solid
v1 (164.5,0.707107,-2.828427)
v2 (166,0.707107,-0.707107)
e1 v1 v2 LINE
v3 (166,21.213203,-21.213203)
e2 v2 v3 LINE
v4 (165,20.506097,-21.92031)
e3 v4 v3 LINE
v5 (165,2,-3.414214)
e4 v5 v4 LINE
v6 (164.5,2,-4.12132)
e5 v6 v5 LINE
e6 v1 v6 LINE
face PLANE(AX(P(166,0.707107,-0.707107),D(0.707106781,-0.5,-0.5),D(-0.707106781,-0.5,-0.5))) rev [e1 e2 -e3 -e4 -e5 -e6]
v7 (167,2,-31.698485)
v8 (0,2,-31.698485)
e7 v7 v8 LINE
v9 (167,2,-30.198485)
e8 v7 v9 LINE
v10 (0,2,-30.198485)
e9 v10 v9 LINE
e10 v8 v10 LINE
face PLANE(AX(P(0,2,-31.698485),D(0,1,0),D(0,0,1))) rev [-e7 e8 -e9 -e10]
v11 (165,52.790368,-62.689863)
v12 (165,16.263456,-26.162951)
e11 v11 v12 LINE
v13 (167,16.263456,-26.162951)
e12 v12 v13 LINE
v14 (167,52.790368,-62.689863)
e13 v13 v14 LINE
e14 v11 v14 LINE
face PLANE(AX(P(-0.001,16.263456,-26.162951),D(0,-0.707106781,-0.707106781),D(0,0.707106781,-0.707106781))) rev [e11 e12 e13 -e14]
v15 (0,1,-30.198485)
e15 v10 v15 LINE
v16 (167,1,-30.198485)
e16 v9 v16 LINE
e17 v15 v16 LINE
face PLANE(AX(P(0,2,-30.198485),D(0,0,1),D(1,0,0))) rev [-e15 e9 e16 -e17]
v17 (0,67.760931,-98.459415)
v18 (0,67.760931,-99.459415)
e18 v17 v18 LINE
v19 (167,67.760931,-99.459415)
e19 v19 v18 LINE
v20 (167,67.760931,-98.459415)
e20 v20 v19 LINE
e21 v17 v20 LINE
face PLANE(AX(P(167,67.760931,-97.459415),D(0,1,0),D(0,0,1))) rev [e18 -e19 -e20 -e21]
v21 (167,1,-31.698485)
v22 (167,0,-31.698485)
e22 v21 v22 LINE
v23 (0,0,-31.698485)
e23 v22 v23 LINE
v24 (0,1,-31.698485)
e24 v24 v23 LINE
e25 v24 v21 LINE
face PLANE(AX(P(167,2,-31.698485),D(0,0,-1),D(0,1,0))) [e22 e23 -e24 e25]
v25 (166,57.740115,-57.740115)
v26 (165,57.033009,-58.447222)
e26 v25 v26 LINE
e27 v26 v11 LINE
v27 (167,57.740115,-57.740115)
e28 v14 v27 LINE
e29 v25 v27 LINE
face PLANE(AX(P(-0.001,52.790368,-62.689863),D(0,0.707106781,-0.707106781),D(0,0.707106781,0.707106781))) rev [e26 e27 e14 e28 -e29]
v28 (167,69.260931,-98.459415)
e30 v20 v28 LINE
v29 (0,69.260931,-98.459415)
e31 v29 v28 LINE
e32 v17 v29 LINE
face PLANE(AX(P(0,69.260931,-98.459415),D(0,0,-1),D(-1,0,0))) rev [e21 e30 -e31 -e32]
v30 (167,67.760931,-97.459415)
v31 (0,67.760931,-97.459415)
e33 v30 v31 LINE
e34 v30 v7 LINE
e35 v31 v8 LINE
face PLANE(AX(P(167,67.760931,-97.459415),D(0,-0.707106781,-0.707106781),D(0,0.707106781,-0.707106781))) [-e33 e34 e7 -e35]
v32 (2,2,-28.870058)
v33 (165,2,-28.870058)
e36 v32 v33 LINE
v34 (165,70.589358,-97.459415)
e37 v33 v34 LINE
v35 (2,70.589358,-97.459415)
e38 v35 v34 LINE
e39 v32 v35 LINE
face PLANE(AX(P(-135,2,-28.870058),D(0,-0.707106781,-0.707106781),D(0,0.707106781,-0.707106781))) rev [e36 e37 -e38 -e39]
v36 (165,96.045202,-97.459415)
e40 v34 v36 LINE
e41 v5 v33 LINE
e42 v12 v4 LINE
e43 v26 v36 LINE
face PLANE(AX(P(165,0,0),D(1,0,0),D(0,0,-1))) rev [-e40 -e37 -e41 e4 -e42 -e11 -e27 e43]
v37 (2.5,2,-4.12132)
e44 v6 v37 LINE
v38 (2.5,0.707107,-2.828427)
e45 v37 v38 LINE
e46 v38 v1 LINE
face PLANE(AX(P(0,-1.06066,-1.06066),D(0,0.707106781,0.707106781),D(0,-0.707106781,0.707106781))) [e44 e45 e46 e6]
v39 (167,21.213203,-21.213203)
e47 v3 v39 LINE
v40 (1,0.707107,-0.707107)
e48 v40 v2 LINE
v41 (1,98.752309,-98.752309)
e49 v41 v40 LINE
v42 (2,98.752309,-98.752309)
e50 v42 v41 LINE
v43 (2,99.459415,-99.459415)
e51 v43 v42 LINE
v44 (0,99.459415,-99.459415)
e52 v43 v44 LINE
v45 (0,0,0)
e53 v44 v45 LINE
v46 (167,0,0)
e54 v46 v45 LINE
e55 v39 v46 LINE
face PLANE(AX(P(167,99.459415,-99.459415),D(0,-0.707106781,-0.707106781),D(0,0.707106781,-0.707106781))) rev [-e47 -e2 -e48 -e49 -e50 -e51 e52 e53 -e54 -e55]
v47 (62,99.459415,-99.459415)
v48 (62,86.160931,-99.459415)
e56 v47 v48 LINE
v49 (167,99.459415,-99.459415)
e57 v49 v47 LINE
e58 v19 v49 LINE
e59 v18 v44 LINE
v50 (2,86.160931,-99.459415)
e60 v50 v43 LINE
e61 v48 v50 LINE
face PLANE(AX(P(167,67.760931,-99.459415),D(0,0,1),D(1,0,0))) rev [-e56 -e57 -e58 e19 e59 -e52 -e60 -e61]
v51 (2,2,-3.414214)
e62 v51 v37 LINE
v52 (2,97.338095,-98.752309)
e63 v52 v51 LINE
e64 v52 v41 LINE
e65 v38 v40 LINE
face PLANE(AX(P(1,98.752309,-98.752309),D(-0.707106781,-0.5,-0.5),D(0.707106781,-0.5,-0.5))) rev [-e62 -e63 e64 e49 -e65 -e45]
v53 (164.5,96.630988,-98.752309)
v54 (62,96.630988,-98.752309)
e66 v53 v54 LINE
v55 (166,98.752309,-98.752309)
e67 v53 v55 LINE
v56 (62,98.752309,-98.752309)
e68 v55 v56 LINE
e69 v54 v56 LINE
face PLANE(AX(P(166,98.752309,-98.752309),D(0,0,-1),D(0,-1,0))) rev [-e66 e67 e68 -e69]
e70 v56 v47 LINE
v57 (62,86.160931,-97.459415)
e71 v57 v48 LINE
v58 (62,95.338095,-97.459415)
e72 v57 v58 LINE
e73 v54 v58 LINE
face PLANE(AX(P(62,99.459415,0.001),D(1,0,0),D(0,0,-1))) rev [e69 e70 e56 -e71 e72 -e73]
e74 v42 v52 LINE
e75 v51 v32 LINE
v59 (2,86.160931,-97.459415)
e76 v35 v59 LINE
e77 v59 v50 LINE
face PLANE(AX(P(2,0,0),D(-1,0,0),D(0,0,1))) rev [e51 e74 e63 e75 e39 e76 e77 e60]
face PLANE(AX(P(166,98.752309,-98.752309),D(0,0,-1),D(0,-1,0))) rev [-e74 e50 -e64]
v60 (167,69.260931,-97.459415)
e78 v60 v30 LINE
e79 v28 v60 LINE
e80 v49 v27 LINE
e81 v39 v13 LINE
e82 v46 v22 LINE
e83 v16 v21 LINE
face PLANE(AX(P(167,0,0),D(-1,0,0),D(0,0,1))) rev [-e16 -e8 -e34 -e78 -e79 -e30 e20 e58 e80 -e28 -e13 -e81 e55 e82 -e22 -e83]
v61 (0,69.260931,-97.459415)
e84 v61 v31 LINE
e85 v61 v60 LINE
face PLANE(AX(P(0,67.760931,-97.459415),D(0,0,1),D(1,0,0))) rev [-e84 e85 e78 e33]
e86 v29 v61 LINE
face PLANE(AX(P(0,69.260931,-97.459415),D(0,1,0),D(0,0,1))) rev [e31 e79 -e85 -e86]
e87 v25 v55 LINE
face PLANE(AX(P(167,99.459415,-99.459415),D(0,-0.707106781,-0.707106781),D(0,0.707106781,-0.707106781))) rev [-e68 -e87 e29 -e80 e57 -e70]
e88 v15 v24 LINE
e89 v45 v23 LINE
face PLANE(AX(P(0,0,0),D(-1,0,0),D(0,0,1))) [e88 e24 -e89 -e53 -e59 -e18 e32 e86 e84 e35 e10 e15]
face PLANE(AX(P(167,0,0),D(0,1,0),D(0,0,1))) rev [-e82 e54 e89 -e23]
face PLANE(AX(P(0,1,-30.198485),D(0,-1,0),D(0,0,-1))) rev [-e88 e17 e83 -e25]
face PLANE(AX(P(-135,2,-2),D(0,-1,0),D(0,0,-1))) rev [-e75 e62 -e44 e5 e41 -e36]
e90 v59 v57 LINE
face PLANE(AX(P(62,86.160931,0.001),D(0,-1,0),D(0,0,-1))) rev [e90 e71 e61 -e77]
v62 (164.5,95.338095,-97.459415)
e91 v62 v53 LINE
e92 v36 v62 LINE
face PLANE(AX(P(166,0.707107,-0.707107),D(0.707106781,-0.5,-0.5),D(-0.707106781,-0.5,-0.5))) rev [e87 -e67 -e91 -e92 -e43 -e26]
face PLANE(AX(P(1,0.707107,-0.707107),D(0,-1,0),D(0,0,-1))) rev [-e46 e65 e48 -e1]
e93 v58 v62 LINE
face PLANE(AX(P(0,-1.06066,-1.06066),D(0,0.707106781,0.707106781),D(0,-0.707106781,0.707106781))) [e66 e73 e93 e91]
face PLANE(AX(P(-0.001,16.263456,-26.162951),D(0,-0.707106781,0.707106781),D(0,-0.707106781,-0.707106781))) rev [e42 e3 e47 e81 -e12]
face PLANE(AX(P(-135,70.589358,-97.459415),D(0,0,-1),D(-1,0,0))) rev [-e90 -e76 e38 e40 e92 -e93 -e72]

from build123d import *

# Parameters (mm, degrees)
BOSS_EXTRUDE2_DEPTH   = 167
CUT_EXTRUDE2_START    = -2
CUT_EXTRUDE2_DEPTH    = 163
SKETCH6_W             = 1
SKETCH6_H             = 1.5
SKETCH6_W_2           = 1.5
SKETCH6_H_2           = 1
BASE_SLOTS_DEPTH      = 219.342278653
SKETCH7_W             = 165
SKETCH7_H             = 138.656854249
COVER_SLOTS_DEPTH     = 1.5
COVER_SLOTS_DRAFT     = -45
USB_C_SLOTS_REACH     = 220.342
SCREEN_OVERHANG_REACH = 220.342
SKETCH9_W             = 60
SKETCH9_H             = 13.29848481


with BuildPart() as part:
    # Sketch1 → Boss-Extrude2 (new body)
    with BuildSketch(Plane(origin=(0, 0, 0), x_dir=(0, 0, -1), z_dir=(1, 0, 0))):
        Polygon((0, 0), (31.69848481, 0), (31.69848481, 2), (97.45941546, 67.76093065), (99.45941546, 67.76093065), (99.45941546, 99.45941546), align=None)
    extrude(amount=BOSS_EXTRUDE2_DEPTH)

    # Sketch5 → Cut-Extrude2 (cut)
    with BuildSketch(Plane(origin=(167, 0, 0), x_dir=(0, 0, -1), z_dir=(1, 0, 0)).offset(CUT_EXTRUDE2_START)):
        Polygon((97.45941546, 97.45941546), (2, 2), (28.870057685, 2), (97.45941546, 70.589357775), align=None)
    extrude(amount=-CUT_EXTRUDE2_DEPTH, mode=Mode.SUBTRACT)

    # Sketch6 → Base Slots (cut, through all)
    with BuildSketch(Plane(origin=(167, 0, 0), x_dir=(0, 0, -1), z_dir=(1, 0, 0))):
        with Locations((97.95941546, 68.51093065)):
            Rectangle(SKETCH6_W, SKETCH6_H)
        with Locations((30.94848481, 1.5)):
            Rectangle(SKETCH6_W_2, SKETCH6_H_2)
    extrude(amount=-BASE_SLOTS_DEPTH, mode=Mode.SUBTRACT)


with BuildPart() as cover_slots_tool:
    # Sketch7 → Cover slots (with draft: the straight prism first)
    with BuildSketch(Plane(origin=(0, 0, 0), x_dir=(1, 0, 0), z_dir=(0, 0.707106781186551, 0.7071067811865441))):
        with Locations((83.5, 70.328427125)):
            Rectangle(SKETCH7_W, SKETCH7_H)
    extrude(amount=-COVER_SLOTS_DEPTH)
    # Cover slots: the draft: its side faces are tilted about the plane it starts from
    cover_slots_sides = [cover_slots_tool.faces().sort_by_distance(p)[0] for p in [
        (1, 49.199377644, -50.260037816),
        (83.5, 0.176776695, -1.237436867),
        (166, 49.199377644, -50.260037816),
        (83.5, 98.221978593, -99.282638765),
    ]]
    draft(cover_slots_sides, Plane(origin=(0, 0, 0), x_dir=(1, 0, 0), z_dir=(0, 0.707106781186551, 0.7071067811865441)), COVER_SLOTS_DRAFT)


with BuildPart() as part_1:
    add(part.part)

    # Cover slots: cut by cover_slots_tool
    add(cover_slots_tool.part, mode=Mode.SUBTRACT)

    # Sketch8 → USB C Slots (cut, up to next)
    with BuildSketch(Plane(origin=(167, 0, 0), x_dir=(0, 0, -1), z_dir=(1, 0, 0)), mode=Mode.PRIVATE) as usb_c_slots_sk1:
        Polygon((26.162950904, 16.263455967), (62.689862838, 52.790367902), (57.74011537, 57.74011537), (21.213203436, 21.213203436), align=None)
    usb_c_slots_tool1 = extrude(usb_c_slots_sk1.sketch, amount=-USB_C_SLOTS_REACH, mode=Mode.PRIVATE) & part_1.part
    add(usb_c_slots_tool1.solids().sort_by_distance((167, 37.001786, -41.951533))[0], mode=Mode.SUBTRACT)

    # Sketch9 → Screen Overhang (cut, up to next)
    with BuildSketch(Plane(origin=(0, 0, -99.45941546), x_dir=(-1, 0, 0), z_dir=(0, 0, -1)), mode=Mode.PRIVATE) as screen_overhang_sk1:
        with Locations((-32, 92.810173055)):
            Rectangle(SKETCH9_W, SKETCH9_H)
    screen_overhang_tool1 = extrude(screen_overhang_sk1.sketch, amount=-SCREEN_OVERHANG_REACH, mode=Mode.PRIVATE) & part_1.part
    add(screen_overhang_tool1.solids().sort_by_distance((32, 92.810173, -99.459415))[0], mode=Mode.SUBTRACT)


solid = part_1.part
